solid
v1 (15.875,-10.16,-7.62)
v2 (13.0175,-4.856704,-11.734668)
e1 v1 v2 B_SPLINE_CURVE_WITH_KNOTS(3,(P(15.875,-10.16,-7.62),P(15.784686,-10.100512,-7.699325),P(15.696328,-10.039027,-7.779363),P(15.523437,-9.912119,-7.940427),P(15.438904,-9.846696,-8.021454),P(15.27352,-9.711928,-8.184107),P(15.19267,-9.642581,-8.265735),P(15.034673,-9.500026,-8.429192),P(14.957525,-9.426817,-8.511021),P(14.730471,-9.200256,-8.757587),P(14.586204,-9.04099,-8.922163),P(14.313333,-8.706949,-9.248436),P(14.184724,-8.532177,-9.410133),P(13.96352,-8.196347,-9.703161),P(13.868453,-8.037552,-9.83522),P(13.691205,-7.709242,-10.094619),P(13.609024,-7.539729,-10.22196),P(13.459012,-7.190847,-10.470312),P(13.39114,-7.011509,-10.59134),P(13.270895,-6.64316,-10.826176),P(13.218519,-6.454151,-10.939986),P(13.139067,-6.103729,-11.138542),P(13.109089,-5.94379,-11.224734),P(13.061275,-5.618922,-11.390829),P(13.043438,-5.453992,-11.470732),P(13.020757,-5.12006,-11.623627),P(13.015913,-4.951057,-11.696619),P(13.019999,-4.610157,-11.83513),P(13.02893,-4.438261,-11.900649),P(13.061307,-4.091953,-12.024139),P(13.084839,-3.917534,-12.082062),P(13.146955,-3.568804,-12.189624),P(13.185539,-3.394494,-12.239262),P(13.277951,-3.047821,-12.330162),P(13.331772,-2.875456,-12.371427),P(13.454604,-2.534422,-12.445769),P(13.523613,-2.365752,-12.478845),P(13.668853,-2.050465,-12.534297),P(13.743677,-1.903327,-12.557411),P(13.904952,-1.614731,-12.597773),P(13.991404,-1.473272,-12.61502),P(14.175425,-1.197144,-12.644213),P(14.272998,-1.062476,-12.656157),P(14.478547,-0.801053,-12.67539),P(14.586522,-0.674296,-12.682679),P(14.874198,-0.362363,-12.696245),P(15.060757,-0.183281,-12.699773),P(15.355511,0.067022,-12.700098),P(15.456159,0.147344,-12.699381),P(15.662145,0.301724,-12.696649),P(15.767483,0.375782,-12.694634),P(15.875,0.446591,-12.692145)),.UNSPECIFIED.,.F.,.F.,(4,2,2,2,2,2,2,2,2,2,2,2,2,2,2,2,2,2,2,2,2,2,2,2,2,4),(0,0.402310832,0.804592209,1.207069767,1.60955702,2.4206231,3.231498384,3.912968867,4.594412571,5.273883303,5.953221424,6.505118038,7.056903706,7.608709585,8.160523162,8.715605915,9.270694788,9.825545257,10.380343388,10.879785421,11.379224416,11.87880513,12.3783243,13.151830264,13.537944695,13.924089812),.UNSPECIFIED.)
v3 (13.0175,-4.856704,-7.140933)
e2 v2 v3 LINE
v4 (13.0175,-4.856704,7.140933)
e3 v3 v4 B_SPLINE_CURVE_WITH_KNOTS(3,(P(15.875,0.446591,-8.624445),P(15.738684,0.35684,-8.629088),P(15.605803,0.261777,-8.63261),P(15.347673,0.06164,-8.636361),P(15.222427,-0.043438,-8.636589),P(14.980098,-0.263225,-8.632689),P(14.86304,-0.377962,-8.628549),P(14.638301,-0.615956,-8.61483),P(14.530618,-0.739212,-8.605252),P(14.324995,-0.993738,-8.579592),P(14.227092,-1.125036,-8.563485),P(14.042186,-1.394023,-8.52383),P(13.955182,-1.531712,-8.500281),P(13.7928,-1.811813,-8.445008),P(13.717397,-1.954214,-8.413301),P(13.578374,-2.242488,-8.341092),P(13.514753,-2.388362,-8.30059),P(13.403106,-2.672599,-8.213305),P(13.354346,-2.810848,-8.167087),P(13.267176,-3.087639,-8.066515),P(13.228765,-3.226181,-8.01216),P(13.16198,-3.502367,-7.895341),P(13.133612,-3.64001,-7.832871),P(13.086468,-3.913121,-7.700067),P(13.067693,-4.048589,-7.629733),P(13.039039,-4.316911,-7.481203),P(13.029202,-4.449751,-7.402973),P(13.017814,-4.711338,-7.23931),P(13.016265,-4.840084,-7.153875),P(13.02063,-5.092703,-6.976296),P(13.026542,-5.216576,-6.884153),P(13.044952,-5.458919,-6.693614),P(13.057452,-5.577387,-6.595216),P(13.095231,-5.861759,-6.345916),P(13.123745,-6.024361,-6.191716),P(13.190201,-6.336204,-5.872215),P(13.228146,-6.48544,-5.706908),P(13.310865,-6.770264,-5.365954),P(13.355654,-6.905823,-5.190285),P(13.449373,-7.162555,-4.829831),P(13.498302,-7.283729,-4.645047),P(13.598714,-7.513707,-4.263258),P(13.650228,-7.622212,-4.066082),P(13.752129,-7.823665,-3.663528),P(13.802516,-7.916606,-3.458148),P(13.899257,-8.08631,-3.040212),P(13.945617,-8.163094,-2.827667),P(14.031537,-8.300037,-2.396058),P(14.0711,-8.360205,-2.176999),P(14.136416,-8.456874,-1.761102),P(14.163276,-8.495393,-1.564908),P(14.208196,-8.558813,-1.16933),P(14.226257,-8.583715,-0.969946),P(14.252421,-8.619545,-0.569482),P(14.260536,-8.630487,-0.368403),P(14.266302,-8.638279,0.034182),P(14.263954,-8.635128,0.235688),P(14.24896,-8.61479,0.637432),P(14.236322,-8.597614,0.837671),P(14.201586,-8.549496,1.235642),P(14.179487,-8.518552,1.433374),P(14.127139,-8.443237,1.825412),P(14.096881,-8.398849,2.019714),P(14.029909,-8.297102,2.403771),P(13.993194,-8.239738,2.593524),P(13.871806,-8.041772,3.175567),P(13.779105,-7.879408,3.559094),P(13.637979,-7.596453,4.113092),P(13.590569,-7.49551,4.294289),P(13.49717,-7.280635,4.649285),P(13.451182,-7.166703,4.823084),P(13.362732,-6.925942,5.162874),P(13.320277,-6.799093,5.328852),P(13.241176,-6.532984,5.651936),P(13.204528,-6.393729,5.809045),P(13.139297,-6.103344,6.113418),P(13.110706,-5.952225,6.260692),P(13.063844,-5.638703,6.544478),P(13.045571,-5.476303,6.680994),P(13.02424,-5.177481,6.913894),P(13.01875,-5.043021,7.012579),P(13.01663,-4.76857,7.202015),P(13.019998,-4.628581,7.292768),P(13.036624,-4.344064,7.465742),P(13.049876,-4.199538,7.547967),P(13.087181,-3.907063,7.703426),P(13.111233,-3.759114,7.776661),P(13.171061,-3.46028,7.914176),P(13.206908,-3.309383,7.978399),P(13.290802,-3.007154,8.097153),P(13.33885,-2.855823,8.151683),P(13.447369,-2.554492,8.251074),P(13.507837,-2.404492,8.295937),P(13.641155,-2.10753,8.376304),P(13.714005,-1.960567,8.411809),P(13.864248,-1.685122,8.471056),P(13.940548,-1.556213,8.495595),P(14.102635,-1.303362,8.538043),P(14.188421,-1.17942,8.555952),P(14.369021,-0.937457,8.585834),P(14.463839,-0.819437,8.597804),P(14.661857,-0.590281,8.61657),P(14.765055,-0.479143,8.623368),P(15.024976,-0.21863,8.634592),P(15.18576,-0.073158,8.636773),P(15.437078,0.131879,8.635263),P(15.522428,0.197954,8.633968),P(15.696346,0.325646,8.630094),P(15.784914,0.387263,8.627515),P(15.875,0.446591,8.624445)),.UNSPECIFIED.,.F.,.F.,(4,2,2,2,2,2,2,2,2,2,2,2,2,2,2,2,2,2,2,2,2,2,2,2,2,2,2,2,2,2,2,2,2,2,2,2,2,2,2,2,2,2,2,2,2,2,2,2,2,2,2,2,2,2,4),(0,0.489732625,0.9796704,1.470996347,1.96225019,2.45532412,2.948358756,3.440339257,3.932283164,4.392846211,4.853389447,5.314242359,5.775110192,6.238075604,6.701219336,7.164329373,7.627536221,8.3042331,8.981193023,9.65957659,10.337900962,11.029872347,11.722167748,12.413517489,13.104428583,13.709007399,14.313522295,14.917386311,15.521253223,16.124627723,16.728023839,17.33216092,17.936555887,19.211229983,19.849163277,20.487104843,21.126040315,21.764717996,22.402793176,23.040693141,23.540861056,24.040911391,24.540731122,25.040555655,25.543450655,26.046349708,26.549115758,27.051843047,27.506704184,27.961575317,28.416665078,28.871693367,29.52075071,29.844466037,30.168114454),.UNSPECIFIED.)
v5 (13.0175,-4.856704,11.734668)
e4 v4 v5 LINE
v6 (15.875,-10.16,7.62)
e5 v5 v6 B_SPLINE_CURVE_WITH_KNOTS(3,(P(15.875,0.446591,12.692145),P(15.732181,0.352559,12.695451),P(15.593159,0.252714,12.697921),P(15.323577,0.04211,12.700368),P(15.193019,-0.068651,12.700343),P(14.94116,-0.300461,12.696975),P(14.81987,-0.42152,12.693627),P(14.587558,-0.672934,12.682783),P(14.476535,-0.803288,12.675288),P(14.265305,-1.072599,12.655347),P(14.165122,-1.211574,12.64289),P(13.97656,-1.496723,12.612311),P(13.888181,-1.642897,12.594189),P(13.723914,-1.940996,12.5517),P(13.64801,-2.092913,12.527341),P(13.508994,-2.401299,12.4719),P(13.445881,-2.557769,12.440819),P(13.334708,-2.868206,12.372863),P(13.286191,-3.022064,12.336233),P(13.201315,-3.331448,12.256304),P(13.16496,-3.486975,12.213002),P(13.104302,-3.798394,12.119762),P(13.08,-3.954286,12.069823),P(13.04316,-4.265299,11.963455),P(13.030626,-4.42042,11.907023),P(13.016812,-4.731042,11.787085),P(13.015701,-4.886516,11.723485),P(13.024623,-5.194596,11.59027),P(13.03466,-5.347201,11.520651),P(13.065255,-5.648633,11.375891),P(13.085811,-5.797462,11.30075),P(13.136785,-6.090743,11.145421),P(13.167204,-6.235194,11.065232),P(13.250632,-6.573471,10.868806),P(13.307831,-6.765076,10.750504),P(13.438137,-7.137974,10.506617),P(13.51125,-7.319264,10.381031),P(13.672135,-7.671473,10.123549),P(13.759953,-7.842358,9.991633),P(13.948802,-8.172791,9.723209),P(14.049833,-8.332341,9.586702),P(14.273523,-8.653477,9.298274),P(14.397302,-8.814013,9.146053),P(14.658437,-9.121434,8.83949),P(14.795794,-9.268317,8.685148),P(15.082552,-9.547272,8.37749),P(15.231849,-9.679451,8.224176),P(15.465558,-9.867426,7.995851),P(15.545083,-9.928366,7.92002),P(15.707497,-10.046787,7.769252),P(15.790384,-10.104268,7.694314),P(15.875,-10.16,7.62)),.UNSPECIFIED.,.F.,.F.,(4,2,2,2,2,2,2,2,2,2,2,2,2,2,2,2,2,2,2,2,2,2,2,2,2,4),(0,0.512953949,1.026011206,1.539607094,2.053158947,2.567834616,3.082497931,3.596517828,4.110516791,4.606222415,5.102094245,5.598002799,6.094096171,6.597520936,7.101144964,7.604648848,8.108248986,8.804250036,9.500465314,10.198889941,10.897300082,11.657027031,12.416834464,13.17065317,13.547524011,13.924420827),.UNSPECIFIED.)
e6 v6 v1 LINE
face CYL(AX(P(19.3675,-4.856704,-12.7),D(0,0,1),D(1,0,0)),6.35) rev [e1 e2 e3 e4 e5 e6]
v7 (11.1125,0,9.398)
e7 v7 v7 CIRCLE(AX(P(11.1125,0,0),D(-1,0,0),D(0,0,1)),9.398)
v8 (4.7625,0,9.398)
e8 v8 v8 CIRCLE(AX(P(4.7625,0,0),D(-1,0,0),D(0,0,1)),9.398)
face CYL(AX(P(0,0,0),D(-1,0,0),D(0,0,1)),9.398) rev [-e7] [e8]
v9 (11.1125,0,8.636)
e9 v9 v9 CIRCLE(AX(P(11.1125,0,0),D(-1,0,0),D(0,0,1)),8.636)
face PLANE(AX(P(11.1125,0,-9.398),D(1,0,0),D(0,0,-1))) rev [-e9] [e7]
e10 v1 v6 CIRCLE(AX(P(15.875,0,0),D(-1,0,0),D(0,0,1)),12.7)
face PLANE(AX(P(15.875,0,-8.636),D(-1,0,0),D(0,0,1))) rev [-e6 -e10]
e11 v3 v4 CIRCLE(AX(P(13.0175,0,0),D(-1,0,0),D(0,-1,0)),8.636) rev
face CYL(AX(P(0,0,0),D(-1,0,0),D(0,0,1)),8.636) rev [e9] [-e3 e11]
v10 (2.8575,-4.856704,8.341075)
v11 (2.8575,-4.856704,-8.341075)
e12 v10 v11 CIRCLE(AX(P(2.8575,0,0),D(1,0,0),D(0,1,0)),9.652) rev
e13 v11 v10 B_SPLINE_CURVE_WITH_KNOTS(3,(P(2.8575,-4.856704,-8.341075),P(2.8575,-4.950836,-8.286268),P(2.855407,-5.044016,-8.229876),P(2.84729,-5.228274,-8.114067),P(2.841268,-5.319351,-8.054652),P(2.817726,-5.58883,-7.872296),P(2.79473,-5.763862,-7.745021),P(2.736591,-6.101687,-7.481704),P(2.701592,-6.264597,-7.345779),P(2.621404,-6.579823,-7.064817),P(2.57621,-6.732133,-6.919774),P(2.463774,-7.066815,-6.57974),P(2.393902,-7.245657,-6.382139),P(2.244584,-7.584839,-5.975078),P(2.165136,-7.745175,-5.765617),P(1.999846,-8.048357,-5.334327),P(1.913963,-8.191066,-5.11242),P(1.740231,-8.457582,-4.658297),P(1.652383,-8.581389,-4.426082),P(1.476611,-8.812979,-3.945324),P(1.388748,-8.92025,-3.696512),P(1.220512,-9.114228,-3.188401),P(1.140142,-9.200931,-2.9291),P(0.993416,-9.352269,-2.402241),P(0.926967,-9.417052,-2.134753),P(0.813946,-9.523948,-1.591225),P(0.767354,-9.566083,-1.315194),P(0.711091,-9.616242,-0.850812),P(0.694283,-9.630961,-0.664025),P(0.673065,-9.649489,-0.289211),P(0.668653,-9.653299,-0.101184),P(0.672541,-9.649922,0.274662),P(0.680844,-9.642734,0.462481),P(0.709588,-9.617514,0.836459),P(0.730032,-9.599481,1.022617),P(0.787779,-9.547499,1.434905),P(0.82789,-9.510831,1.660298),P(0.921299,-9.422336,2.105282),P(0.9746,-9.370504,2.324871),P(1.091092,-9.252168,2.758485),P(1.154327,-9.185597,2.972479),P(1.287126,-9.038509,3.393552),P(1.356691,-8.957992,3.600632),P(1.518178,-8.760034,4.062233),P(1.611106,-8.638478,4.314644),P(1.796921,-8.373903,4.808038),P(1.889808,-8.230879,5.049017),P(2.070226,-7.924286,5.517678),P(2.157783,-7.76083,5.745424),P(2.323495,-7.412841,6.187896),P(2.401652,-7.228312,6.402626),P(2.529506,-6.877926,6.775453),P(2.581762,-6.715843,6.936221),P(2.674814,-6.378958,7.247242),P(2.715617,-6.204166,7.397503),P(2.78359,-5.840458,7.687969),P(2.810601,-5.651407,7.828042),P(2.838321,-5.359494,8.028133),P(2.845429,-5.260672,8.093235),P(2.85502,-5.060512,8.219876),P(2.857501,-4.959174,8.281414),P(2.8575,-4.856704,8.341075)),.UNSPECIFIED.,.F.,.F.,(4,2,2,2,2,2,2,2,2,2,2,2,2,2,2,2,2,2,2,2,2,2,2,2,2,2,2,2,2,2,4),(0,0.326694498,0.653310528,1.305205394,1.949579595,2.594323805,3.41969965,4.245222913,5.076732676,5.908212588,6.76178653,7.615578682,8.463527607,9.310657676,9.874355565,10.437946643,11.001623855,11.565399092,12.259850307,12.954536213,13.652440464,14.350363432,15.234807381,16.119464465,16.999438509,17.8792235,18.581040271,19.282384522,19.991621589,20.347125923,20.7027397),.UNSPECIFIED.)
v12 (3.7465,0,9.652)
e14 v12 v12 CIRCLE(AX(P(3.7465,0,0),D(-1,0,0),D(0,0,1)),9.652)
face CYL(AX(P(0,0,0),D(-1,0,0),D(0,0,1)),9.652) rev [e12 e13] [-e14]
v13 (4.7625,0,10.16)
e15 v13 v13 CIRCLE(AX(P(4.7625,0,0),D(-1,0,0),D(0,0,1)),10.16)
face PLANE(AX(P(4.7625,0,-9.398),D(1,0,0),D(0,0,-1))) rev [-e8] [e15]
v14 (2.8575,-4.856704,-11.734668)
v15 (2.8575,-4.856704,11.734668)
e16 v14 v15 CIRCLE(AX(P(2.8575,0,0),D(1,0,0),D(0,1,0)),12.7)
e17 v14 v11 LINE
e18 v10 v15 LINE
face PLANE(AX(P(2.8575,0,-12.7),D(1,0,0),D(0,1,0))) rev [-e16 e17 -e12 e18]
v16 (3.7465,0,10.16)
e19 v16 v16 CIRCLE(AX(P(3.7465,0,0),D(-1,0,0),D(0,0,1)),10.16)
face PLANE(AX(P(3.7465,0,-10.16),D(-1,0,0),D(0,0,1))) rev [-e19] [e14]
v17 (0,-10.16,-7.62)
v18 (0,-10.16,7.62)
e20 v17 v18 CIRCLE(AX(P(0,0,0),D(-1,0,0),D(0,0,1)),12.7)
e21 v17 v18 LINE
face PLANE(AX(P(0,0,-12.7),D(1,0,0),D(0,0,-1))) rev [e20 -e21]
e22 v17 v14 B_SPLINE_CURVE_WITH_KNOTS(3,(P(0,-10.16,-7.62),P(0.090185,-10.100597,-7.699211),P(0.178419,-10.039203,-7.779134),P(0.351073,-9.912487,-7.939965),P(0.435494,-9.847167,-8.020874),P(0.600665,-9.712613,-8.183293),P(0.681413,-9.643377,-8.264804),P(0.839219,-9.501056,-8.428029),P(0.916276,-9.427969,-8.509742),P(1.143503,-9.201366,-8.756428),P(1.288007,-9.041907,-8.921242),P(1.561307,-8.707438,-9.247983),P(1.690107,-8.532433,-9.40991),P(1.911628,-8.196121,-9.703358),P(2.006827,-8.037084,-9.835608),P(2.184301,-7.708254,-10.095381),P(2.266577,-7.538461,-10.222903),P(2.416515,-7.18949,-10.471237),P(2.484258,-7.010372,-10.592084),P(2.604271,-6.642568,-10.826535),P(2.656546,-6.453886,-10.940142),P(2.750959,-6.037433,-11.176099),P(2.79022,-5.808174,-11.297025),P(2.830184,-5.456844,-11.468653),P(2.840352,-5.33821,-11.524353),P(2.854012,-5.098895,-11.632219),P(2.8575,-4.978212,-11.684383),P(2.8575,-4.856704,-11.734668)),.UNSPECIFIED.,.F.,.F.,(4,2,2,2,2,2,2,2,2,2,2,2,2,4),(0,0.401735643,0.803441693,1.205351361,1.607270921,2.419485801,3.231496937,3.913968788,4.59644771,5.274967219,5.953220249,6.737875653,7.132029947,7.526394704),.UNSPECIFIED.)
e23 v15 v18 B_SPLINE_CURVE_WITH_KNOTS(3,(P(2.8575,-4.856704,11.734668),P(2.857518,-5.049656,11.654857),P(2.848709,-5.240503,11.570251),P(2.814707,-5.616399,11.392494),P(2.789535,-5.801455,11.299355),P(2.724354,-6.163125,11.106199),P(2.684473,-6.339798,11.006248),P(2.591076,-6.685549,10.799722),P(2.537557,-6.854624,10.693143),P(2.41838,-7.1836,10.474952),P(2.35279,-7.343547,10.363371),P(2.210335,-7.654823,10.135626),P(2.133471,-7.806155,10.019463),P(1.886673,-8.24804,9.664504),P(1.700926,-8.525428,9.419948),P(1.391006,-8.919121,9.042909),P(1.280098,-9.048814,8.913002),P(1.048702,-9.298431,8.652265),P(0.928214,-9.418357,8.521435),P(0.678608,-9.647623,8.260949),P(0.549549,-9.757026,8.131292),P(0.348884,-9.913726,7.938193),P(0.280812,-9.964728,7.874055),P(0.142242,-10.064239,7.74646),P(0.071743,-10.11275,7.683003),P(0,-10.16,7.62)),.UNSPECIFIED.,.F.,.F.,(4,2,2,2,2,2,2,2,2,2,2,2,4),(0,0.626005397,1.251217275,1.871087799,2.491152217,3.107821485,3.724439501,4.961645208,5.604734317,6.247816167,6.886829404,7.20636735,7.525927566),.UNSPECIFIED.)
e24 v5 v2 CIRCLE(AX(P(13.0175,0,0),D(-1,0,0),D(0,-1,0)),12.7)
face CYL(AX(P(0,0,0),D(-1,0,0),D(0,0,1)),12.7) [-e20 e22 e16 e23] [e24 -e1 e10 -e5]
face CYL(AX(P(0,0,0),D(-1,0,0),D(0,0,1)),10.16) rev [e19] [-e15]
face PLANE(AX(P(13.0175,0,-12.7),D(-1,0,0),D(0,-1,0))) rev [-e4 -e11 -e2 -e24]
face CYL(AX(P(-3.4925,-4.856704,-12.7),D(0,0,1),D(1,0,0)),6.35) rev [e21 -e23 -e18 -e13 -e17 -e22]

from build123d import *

# Parameters (mm, degrees)
CUT_EXTRUDE1_DEPTH      = 24.970724332
CUT_EXTRUDE1_DEPTH_BACK = 24.970724332


with BuildPart() as part:
    # Sketch2 → Revolve1 (revolve)
    with BuildSketch(Plane(origin=(0, 0, 0), x_dir=(1, 0, 0), z_dir=(0, 1, 0)), mode=Mode.PRIVATE) as revolve1_sk:
        Polygon((4.7625, 9.398), (11.1125, 9.398), (11.1125, 8.636), (15.875, 8.636), (15.875, 12.7), (0, 12.7), (0, 9.652), (3.7465, 9.652), (3.7465, 10.16), (4.7625, 10.16), align=None)
    revolve(revolve1_sk.sketch.rotate(Axis((0, 0, 0), (1, 0, 0)), 180), axis=Axis((0, 0, 0), (1, 0, 0)))

    # Sketch6 → Cut-Extrude1 (cut, two sides: drawn at the far end of the back side and taken through both)
    with BuildSketch(Plane.XY.offset(-CUT_EXTRUDE1_DEPTH_BACK)):
        with BuildLine():
            Line((0, 12.7), (0, -10.16))
            ThreePointArc((0, -10.16), (2.097664354, -7.868773916), (2.8575, -4.856704444))
            Line((2.8575, -4.856704444), (2.8575, 12.7))
            Line((2.8575, 12.7), (0, 12.7))
        make_face()
        with BuildLine():
            ThreePointArc((15.875, -10.16), (13.777335646, -7.868773916), (13.0175, -4.856704444))
            Line((13.0175, -4.856704444), (13.0175, 12.7))
            Line((13.0175, 12.7), (15.875, 12.7))
            Line((15.875, 12.7), (15.875, -10.16))
        make_face()
    extrude(amount=CUT_EXTRUDE1_DEPTH + CUT_EXTRUDE1_DEPTH_BACK, mode=Mode.SUBTRACT)


solid = part.part
